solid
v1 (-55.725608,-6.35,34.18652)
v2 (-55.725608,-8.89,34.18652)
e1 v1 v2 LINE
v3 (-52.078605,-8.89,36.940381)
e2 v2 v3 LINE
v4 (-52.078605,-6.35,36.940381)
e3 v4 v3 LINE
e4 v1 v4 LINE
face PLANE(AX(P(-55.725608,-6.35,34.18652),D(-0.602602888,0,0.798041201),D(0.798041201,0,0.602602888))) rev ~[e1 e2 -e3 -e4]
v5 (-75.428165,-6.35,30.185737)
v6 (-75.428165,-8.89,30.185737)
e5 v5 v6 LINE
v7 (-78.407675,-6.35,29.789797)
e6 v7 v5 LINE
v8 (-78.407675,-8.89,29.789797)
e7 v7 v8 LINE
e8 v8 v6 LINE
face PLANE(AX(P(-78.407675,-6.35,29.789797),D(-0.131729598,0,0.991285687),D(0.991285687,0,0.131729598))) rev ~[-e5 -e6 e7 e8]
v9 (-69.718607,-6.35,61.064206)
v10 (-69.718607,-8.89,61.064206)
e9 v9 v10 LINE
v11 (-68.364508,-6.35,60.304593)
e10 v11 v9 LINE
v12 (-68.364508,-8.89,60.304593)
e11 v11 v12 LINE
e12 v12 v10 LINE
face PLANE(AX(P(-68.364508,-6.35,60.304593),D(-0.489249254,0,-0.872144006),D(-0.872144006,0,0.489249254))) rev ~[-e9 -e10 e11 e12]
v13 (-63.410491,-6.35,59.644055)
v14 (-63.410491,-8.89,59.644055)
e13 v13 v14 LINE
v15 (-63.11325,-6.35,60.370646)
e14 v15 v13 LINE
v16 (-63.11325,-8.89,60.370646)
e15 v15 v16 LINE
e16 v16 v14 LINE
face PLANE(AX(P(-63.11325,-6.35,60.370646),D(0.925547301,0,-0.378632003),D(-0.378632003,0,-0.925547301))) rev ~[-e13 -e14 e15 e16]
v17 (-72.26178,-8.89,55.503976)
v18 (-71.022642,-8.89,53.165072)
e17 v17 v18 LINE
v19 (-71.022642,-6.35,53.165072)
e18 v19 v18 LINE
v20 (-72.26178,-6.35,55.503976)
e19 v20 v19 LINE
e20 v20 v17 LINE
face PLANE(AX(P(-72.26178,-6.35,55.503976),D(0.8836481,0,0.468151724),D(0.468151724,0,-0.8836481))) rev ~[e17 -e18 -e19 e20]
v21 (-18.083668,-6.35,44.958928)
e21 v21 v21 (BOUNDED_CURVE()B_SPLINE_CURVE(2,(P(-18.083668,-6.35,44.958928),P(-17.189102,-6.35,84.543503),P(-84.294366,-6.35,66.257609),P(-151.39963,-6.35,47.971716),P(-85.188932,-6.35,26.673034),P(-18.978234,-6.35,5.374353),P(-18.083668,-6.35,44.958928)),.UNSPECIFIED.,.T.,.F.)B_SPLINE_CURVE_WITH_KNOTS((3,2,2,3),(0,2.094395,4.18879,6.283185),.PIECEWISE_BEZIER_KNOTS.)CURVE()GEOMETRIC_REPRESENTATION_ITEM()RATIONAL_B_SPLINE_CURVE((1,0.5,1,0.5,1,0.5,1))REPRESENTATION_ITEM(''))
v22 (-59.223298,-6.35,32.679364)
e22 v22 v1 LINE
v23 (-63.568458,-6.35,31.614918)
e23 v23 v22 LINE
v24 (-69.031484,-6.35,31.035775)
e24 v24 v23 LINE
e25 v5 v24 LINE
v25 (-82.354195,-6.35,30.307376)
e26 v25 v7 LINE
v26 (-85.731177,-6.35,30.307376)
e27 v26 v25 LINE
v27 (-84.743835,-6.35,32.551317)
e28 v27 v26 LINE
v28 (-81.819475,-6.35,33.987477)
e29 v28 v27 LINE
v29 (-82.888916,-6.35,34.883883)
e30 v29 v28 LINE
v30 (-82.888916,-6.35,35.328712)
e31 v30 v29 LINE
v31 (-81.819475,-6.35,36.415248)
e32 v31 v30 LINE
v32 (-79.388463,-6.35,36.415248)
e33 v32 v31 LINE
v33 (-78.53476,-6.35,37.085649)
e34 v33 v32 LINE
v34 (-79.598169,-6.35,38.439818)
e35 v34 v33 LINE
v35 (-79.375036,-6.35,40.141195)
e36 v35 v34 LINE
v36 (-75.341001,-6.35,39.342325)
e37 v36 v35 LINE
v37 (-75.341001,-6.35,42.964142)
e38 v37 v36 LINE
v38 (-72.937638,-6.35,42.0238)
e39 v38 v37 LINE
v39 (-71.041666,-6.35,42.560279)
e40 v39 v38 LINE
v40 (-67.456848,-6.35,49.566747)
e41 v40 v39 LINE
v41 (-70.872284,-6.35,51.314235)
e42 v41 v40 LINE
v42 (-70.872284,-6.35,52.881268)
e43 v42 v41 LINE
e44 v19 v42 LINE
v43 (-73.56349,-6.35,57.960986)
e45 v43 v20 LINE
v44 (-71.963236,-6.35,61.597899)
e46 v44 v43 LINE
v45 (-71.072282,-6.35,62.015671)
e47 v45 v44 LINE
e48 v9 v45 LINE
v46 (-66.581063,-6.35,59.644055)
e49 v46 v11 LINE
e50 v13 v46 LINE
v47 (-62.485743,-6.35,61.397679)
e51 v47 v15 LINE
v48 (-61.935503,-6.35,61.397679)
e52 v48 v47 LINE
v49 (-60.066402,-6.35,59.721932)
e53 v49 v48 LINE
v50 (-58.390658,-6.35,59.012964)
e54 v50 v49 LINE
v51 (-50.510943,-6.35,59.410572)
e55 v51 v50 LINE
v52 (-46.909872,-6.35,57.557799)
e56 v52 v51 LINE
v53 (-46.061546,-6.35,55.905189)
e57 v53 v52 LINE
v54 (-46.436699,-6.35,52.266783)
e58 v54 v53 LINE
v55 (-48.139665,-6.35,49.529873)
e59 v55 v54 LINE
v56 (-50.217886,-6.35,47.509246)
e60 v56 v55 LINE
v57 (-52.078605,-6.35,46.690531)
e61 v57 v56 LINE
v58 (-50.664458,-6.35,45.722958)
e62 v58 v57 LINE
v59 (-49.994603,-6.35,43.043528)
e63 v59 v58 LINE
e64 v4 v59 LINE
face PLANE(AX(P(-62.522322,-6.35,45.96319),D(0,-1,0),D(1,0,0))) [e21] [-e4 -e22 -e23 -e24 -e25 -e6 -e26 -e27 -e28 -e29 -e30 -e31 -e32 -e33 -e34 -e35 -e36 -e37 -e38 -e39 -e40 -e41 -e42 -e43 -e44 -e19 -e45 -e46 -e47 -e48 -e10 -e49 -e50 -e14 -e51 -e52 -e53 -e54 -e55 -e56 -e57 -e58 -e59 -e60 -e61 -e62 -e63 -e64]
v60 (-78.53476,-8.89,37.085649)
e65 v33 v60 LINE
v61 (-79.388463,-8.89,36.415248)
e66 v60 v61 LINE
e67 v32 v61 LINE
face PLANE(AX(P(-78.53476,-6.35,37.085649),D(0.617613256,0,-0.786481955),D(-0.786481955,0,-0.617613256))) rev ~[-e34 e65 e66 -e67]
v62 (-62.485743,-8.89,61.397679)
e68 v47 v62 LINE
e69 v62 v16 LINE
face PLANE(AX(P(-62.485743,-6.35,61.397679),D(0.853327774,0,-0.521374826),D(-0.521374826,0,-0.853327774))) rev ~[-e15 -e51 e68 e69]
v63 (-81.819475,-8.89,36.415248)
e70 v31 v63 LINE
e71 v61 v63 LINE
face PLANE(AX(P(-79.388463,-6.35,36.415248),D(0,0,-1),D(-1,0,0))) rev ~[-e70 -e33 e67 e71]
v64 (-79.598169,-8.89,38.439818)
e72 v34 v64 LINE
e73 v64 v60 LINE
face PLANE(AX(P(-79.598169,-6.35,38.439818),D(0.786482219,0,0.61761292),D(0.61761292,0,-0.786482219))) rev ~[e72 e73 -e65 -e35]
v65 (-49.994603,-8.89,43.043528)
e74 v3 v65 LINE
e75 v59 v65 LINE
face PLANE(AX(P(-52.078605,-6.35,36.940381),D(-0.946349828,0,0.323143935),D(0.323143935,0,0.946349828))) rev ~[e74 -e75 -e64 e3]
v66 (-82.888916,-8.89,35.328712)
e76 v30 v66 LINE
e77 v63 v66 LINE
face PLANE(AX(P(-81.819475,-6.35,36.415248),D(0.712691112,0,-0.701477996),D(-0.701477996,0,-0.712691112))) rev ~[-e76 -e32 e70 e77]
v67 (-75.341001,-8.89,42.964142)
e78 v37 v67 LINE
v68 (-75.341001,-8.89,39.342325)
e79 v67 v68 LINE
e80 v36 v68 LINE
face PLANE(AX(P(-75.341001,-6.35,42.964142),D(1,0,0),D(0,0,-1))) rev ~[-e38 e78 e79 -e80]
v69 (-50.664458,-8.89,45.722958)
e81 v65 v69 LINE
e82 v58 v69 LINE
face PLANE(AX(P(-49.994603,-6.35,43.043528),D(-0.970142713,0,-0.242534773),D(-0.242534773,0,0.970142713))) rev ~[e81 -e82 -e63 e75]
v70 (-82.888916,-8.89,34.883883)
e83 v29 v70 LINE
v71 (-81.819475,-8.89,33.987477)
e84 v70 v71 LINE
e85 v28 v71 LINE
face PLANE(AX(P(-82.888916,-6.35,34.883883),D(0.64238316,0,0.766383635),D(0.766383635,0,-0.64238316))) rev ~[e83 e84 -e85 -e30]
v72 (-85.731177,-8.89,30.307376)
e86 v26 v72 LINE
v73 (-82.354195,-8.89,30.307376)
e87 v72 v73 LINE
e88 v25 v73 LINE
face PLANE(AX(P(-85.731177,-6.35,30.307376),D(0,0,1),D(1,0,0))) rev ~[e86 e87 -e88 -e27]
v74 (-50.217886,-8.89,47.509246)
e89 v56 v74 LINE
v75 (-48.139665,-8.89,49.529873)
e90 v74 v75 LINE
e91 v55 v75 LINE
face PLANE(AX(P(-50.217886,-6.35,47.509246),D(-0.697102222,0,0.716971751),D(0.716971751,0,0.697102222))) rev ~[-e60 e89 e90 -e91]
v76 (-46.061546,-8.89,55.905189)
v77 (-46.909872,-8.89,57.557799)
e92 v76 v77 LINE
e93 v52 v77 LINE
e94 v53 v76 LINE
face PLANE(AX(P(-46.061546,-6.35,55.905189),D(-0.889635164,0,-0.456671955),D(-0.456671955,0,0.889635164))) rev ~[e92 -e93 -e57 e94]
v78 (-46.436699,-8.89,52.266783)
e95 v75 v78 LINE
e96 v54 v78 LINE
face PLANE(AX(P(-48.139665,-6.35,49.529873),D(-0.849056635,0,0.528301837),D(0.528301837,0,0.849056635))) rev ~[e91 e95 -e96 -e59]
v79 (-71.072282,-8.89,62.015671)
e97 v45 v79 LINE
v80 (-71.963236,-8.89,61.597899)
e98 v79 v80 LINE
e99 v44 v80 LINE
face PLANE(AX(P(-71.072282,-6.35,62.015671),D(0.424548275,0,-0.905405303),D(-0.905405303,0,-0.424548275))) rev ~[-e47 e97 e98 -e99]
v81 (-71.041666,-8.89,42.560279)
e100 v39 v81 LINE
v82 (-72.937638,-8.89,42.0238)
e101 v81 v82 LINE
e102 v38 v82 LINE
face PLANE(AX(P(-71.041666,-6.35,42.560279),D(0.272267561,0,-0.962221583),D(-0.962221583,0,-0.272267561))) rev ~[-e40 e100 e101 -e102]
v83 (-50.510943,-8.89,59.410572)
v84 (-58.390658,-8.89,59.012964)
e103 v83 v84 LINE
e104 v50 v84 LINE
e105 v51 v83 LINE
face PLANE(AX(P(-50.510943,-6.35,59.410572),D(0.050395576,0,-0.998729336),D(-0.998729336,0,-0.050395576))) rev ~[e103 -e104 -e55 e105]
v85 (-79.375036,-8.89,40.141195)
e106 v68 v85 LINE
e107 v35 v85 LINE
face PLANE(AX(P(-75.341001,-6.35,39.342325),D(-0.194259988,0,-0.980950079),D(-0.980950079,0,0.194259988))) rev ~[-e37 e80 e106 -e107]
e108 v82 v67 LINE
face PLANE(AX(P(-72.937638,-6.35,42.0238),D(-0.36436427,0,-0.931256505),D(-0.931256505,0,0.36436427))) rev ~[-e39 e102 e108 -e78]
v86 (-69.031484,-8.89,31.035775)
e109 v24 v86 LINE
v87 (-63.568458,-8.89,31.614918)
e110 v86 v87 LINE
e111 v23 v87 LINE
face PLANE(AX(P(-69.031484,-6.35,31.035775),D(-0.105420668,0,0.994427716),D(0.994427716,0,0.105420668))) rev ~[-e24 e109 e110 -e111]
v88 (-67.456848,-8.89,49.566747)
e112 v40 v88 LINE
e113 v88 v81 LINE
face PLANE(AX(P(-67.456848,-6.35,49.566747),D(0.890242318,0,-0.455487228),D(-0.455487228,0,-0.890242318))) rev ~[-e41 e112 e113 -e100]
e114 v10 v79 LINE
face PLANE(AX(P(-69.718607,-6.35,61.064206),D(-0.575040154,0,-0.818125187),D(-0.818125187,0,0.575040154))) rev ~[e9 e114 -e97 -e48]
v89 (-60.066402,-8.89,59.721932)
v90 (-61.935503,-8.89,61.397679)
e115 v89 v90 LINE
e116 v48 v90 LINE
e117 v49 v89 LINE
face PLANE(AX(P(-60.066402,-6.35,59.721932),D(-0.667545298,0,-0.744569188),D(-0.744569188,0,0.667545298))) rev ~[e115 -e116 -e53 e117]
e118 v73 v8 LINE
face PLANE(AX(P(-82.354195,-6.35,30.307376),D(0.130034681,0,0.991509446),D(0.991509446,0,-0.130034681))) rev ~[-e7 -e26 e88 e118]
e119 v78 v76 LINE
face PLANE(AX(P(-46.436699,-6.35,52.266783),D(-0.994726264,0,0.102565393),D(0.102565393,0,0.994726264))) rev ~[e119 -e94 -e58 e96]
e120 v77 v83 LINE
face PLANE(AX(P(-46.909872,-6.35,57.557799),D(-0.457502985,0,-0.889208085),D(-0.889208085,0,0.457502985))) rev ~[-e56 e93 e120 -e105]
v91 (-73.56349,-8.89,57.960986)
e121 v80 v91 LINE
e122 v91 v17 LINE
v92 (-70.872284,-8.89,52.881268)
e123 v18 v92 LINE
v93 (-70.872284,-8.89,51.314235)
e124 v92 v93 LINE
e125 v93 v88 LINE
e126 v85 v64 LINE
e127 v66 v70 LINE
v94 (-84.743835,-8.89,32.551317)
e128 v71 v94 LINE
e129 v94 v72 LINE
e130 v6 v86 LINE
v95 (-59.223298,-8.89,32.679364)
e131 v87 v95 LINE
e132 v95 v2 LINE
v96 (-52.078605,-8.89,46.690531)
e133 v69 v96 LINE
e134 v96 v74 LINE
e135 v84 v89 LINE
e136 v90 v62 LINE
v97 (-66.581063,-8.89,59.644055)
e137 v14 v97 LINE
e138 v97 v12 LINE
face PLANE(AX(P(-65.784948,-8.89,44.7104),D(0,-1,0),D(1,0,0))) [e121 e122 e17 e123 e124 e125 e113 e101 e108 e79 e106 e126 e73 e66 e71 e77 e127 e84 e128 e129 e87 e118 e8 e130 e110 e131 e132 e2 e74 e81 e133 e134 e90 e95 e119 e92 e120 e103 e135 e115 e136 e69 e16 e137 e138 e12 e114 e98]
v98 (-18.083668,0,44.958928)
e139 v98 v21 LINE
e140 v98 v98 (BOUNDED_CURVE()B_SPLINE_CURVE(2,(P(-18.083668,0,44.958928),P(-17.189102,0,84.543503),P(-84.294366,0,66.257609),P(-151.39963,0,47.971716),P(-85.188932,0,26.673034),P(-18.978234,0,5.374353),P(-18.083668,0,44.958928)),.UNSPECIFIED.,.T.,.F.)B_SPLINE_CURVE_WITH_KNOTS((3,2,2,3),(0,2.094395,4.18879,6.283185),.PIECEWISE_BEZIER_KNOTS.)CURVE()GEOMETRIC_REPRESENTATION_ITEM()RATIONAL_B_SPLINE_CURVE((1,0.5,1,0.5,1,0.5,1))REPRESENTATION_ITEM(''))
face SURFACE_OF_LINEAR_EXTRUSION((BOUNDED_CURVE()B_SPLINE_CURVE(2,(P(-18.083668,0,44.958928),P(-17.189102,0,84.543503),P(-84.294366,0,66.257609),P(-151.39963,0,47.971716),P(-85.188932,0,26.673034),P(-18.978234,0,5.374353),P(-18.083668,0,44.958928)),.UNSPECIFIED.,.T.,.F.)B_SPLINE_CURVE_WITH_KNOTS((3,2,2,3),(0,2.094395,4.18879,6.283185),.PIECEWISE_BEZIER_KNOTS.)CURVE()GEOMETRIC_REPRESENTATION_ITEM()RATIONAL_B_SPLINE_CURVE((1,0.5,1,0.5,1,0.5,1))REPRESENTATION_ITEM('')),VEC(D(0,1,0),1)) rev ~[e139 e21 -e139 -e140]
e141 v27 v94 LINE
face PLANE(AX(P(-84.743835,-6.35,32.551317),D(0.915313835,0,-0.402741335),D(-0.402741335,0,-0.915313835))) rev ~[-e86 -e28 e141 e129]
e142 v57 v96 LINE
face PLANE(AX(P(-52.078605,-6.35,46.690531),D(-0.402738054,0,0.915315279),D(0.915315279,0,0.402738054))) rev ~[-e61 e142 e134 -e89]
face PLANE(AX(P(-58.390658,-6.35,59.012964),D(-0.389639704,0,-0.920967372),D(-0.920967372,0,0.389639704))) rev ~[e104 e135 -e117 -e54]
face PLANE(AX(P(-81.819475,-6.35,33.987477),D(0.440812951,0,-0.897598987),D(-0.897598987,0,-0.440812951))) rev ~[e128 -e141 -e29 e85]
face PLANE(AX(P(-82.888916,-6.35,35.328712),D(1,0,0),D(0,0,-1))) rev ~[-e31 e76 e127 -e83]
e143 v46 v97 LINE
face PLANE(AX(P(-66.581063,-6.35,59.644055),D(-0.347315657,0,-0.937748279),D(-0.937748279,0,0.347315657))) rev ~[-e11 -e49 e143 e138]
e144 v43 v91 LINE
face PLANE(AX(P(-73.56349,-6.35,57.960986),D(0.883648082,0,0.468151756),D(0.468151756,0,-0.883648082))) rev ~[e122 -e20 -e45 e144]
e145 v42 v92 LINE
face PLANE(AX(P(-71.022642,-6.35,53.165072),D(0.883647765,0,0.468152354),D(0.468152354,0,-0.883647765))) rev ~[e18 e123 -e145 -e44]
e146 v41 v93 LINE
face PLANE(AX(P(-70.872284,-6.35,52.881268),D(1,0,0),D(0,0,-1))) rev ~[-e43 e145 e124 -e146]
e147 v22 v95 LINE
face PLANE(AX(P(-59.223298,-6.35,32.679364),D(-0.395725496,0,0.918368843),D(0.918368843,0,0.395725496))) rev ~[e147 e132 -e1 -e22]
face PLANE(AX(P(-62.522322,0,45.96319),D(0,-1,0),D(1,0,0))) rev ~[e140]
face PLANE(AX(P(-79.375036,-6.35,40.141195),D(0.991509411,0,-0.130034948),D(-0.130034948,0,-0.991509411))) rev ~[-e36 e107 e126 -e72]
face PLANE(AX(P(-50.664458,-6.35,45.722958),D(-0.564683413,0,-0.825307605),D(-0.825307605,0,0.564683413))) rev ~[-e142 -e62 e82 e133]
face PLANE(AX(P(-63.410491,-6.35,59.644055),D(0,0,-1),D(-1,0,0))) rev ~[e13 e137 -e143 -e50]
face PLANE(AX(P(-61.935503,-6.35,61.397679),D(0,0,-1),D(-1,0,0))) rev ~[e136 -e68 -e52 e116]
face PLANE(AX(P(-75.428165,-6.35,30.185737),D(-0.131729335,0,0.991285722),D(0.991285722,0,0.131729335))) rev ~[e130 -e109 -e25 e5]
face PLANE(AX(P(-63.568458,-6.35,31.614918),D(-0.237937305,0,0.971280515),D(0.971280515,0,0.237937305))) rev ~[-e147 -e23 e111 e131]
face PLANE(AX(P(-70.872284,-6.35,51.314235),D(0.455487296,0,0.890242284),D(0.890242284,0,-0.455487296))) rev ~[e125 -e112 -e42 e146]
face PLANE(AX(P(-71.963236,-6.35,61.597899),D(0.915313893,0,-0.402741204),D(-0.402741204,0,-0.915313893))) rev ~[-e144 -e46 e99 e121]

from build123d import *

# Parameters (mm, degrees)
F1_DEPTH = 6.35
F3_DEPTH = 2.54


with BuildPart() as f1:
    # F0 (on Front) → F1 (new body)
    with BuildSketch(Plane.XZ):
        with BuildLine():
            add(Edge.make_bspline(
                [(-18.083668, 44.958928), (-17.189102, 84.543503), (-84.294366, 66.257609), (-151.39963, 47.971716), (-85.188932, 26.673034), (-18.978234, 5.374353), (-18.083668, 44.958928)],
                knots=[0, 0, 0, 2.094395, 2.094395, 4.18879, 4.18879, 6.283185, 6.283185, 6.283185], degree=2, weights=[1, 0.5, 1, 0.5, 1, 0.5, 1]))
        make_face()
    extrude(amount=F1_DEPTH)

    # F2 (on face) → F3 (join)
    with BuildSketch(Plane.XZ.offset(6.35)):
        Polygon((-46.909872, 57.557799), (-50.510943, 59.410572), (-58.390658, 59.012964), (-60.066402, 59.721932), (-61.935503, 61.397679), (-62.485743, 61.397679), (-63.11325, 60.370646), (-63.410491, 59.644055), (-64.36827, 59.644055), (-66.581063, 59.644055), (-68.364508, 60.304593), (-69.718607, 61.064206), (-71.072282, 62.015671), (-71.963236, 61.597899), (-73.56349, 57.960986), (-72.26178, 55.503976), (-71.022642, 53.165072), (-70.872284, 52.881268), (-70.872284, 51.314235), (-67.456848, 49.566747), (-71.041666, 42.560279), (-72.937638, 42.0238), (-75.341001, 42.964142), (-75.341001, 40.141195), (-75.341001, 39.342325), (-79.375036, 40.141195), (-79.598169, 38.439818), (-78.53476, 37.085649), (-79.388463, 36.415248), (-81.819475, 36.415248), (-82.888916, 35.328712), (-82.888916, 34.883883), (-81.819475, 33.987477), (-84.743835, 32.551317), (-85.731177, 30.307376), (-82.354195, 30.307376), (-78.407675, 29.789797), (-75.428165, 30.185737), (-69.031484, 31.035775), (-63.568458, 31.614918), (-59.223298, 32.679364), (-55.725608, 34.18652), (-52.078605, 36.940381), (-49.994603, 43.043528), (-50.664458, 45.722958), (-52.078605, 46.690531), (-50.217886, 47.509246), (-48.139665, 49.529873), (-46.436699, 52.266783), (-46.061546, 55.905189), align=None)
    extrude(amount=F3_DEPTH)


solid = f1.part
